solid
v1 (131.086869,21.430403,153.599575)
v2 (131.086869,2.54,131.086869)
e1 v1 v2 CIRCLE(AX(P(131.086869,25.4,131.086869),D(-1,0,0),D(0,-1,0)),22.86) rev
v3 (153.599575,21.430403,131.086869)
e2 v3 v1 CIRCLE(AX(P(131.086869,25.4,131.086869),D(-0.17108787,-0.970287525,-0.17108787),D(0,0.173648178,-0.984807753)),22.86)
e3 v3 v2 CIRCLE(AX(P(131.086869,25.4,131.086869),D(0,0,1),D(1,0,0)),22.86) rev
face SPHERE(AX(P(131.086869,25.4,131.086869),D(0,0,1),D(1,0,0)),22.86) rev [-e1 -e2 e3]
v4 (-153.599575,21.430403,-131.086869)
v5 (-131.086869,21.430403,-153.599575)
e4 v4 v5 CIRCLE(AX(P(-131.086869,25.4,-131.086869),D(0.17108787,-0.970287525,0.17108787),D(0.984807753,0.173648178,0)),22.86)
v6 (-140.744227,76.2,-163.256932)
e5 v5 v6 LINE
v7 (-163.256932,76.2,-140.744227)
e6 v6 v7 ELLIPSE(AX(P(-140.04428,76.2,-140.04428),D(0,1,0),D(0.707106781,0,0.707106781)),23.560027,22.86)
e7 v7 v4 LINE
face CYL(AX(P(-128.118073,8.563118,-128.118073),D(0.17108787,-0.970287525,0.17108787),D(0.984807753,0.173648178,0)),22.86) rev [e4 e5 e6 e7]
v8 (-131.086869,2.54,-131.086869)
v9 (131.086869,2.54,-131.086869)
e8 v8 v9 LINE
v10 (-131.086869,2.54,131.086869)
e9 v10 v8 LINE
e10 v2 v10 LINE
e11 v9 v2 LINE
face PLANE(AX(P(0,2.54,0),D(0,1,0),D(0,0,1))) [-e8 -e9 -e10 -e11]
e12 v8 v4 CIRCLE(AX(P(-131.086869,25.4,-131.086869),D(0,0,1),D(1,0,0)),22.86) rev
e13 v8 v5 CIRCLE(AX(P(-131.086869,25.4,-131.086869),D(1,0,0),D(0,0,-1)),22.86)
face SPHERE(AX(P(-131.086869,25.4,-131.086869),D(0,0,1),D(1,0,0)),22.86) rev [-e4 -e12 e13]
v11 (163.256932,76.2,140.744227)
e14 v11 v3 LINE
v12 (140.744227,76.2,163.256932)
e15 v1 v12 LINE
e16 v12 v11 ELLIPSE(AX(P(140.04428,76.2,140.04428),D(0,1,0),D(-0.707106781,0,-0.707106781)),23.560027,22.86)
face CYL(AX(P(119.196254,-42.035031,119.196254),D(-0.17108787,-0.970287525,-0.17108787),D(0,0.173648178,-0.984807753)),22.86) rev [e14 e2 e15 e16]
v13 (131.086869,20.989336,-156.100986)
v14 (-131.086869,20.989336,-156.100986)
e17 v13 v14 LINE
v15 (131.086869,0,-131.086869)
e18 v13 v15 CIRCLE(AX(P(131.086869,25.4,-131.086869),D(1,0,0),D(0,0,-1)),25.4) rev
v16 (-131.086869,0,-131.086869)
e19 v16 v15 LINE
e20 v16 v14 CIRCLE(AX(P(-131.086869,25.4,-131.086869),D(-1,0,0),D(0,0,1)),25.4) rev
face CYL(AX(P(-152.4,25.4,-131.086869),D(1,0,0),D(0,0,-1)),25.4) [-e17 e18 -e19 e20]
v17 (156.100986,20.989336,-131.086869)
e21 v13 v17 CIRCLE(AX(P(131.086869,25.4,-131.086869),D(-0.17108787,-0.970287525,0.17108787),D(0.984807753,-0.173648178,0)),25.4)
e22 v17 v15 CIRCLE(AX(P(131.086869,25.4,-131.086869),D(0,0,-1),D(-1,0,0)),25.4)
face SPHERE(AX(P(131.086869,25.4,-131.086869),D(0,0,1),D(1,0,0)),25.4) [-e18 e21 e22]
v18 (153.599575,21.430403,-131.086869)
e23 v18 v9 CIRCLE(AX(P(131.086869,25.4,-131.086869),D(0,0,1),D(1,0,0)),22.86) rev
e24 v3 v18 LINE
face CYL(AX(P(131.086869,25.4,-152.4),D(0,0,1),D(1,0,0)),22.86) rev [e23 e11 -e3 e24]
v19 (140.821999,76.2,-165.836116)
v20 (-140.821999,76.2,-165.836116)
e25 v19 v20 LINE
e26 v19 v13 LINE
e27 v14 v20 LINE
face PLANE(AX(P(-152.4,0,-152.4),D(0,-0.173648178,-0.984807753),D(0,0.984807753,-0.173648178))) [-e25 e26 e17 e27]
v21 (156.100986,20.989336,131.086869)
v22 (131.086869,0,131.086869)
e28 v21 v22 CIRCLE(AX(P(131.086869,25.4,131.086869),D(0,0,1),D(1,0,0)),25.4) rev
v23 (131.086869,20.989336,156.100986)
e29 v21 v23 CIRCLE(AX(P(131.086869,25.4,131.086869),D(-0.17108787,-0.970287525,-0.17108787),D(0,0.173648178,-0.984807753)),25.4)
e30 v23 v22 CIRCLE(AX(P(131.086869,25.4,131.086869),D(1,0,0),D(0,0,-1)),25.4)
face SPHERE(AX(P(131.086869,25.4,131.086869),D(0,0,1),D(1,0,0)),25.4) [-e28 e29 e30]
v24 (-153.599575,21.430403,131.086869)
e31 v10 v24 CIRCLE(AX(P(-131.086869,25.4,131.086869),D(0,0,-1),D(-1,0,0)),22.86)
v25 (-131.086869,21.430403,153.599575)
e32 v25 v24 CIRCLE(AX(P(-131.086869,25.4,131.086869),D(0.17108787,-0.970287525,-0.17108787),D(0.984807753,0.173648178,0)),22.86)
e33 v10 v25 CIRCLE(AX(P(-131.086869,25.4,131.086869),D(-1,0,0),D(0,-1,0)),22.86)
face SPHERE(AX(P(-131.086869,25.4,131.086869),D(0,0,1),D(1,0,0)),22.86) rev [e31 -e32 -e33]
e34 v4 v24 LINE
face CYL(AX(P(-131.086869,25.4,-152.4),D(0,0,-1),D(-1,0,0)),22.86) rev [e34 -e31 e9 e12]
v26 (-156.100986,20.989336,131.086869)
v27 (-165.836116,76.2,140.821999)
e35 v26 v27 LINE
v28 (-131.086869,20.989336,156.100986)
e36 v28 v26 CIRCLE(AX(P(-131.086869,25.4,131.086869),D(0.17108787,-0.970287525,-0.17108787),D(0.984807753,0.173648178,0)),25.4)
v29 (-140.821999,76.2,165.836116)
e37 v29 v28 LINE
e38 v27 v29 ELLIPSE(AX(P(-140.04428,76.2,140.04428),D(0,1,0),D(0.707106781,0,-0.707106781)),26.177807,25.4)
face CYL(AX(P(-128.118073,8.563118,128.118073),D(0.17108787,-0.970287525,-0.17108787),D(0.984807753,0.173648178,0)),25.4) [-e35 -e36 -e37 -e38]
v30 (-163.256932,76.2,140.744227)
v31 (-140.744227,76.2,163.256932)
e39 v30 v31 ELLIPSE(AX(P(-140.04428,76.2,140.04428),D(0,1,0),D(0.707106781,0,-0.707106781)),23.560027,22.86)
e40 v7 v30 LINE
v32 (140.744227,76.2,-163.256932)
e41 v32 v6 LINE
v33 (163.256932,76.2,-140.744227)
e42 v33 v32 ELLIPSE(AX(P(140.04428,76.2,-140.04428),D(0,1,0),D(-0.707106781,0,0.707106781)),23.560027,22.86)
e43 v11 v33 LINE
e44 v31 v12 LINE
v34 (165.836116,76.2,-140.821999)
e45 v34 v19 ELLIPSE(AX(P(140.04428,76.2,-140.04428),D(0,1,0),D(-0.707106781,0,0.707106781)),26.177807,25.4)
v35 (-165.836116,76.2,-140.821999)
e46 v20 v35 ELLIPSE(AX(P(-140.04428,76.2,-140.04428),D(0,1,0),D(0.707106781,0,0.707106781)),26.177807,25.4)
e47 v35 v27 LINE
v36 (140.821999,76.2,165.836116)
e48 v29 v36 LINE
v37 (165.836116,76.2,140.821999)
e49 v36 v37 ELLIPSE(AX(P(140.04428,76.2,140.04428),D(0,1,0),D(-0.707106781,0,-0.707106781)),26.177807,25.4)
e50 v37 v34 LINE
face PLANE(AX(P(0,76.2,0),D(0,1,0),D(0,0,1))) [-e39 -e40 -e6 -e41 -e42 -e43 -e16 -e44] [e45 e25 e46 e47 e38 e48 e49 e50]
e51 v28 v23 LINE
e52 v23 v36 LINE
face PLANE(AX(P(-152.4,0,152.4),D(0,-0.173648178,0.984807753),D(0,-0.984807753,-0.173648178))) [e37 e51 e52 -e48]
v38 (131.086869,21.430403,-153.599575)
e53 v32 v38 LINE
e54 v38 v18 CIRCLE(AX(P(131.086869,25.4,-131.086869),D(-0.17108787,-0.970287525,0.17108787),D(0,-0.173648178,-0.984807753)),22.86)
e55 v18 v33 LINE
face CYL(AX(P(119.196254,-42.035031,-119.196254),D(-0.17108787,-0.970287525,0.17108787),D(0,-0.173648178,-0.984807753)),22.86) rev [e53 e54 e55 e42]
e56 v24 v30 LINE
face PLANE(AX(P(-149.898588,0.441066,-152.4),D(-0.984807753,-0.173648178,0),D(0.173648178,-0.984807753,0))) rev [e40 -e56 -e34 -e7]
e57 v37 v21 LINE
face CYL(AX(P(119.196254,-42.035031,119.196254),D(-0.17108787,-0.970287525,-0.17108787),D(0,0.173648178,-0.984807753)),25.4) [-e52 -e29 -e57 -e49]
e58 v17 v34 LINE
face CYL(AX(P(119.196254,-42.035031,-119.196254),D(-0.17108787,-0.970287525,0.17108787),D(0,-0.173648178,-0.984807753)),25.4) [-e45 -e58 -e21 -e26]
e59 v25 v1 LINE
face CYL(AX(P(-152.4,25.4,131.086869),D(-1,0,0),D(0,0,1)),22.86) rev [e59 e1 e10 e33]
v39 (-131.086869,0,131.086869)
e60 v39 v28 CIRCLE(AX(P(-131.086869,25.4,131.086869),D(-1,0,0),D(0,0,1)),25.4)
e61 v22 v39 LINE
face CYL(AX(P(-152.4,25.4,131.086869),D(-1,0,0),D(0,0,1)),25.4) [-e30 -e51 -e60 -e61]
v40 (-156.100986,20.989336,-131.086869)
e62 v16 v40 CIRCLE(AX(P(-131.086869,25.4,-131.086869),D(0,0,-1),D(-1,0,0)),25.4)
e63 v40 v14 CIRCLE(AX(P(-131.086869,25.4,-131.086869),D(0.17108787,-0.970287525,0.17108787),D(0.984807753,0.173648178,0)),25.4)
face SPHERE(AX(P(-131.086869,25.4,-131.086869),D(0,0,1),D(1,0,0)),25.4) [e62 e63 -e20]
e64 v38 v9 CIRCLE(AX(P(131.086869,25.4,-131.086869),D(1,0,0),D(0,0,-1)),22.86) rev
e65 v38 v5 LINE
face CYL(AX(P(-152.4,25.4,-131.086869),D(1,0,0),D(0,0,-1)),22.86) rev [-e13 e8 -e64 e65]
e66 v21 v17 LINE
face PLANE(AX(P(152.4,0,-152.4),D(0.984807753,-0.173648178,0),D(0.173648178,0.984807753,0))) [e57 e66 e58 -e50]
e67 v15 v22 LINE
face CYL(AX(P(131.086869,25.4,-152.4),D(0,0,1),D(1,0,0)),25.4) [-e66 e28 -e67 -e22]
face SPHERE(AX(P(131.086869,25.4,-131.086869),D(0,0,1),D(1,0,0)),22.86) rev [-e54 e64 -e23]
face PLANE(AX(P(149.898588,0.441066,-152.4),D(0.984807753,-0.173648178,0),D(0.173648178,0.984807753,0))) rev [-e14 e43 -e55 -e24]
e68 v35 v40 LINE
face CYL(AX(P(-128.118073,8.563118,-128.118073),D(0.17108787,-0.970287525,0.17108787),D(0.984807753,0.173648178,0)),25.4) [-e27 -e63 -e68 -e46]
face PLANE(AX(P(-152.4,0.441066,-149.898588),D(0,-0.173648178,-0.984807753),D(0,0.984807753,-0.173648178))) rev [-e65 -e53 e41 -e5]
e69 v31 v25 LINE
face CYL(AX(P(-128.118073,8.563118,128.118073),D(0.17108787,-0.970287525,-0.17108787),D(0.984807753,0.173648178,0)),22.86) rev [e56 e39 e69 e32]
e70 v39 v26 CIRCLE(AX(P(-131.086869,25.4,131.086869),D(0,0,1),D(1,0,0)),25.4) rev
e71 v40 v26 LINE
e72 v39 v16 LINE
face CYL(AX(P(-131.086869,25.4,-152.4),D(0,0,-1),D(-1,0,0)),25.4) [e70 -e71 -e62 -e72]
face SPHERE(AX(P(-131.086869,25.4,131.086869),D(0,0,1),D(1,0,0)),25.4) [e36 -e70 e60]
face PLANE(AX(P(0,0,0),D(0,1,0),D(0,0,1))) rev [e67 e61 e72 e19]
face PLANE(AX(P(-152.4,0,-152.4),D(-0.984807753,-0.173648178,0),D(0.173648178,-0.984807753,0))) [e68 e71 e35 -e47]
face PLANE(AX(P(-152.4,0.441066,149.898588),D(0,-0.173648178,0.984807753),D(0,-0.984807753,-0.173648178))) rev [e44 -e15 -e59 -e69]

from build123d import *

# Parameters (mm, degrees)
SKETCH1_W           = 304.8
SKETCH1_H           = 304.8
BOSS_EXTRUDE1_DEPTH = 76.2
BOSS_EXTRUDE1_TAPER = -10
FILLET2_R           = 25.4
SHELL1_T            = -2.54


with BuildPart() as part:
    # Sketch1 → Boss-Extrude1 (new body)
    with BuildSketch(Plane(origin=(0, 0, 0), x_dir=(1, 0, 0), z_dir=(0, 1, 0))):
        Rectangle(SKETCH1_W, SKETCH1_H)
    extrude(amount=BOSS_EXTRUDE1_DEPTH, taper=BOSS_EXTRUDE1_TAPER)

    # Fillet2
    fillet2_edges = [part.edges().sort_by_distance(p)[0] for p in [
        (0, 0, 152.4),
        (-152.4, 0, 0),
        (0, 0, -152.4),
        (152.4, 0, 0),
        (159.118057965, 38.1, 159.118057965),
        (-159.118057965, 38.1, 159.118057965),
        (-159.118057965, 38.1, -159.118057965),
        (159.118057965, 38.1, -159.118057965),
    ]]
    fillet(fillet2_edges, radius=FILLET2_R)

    # Shell1
    shell1_openings = [part.faces().sort_by_distance(p)[0] for p in [
        (0, 76.2, 0),
    ]]
    offset(amount=SHELL1_T, openings=shell1_openings, kind=Kind.INTERSECTION)


solid = part.part
